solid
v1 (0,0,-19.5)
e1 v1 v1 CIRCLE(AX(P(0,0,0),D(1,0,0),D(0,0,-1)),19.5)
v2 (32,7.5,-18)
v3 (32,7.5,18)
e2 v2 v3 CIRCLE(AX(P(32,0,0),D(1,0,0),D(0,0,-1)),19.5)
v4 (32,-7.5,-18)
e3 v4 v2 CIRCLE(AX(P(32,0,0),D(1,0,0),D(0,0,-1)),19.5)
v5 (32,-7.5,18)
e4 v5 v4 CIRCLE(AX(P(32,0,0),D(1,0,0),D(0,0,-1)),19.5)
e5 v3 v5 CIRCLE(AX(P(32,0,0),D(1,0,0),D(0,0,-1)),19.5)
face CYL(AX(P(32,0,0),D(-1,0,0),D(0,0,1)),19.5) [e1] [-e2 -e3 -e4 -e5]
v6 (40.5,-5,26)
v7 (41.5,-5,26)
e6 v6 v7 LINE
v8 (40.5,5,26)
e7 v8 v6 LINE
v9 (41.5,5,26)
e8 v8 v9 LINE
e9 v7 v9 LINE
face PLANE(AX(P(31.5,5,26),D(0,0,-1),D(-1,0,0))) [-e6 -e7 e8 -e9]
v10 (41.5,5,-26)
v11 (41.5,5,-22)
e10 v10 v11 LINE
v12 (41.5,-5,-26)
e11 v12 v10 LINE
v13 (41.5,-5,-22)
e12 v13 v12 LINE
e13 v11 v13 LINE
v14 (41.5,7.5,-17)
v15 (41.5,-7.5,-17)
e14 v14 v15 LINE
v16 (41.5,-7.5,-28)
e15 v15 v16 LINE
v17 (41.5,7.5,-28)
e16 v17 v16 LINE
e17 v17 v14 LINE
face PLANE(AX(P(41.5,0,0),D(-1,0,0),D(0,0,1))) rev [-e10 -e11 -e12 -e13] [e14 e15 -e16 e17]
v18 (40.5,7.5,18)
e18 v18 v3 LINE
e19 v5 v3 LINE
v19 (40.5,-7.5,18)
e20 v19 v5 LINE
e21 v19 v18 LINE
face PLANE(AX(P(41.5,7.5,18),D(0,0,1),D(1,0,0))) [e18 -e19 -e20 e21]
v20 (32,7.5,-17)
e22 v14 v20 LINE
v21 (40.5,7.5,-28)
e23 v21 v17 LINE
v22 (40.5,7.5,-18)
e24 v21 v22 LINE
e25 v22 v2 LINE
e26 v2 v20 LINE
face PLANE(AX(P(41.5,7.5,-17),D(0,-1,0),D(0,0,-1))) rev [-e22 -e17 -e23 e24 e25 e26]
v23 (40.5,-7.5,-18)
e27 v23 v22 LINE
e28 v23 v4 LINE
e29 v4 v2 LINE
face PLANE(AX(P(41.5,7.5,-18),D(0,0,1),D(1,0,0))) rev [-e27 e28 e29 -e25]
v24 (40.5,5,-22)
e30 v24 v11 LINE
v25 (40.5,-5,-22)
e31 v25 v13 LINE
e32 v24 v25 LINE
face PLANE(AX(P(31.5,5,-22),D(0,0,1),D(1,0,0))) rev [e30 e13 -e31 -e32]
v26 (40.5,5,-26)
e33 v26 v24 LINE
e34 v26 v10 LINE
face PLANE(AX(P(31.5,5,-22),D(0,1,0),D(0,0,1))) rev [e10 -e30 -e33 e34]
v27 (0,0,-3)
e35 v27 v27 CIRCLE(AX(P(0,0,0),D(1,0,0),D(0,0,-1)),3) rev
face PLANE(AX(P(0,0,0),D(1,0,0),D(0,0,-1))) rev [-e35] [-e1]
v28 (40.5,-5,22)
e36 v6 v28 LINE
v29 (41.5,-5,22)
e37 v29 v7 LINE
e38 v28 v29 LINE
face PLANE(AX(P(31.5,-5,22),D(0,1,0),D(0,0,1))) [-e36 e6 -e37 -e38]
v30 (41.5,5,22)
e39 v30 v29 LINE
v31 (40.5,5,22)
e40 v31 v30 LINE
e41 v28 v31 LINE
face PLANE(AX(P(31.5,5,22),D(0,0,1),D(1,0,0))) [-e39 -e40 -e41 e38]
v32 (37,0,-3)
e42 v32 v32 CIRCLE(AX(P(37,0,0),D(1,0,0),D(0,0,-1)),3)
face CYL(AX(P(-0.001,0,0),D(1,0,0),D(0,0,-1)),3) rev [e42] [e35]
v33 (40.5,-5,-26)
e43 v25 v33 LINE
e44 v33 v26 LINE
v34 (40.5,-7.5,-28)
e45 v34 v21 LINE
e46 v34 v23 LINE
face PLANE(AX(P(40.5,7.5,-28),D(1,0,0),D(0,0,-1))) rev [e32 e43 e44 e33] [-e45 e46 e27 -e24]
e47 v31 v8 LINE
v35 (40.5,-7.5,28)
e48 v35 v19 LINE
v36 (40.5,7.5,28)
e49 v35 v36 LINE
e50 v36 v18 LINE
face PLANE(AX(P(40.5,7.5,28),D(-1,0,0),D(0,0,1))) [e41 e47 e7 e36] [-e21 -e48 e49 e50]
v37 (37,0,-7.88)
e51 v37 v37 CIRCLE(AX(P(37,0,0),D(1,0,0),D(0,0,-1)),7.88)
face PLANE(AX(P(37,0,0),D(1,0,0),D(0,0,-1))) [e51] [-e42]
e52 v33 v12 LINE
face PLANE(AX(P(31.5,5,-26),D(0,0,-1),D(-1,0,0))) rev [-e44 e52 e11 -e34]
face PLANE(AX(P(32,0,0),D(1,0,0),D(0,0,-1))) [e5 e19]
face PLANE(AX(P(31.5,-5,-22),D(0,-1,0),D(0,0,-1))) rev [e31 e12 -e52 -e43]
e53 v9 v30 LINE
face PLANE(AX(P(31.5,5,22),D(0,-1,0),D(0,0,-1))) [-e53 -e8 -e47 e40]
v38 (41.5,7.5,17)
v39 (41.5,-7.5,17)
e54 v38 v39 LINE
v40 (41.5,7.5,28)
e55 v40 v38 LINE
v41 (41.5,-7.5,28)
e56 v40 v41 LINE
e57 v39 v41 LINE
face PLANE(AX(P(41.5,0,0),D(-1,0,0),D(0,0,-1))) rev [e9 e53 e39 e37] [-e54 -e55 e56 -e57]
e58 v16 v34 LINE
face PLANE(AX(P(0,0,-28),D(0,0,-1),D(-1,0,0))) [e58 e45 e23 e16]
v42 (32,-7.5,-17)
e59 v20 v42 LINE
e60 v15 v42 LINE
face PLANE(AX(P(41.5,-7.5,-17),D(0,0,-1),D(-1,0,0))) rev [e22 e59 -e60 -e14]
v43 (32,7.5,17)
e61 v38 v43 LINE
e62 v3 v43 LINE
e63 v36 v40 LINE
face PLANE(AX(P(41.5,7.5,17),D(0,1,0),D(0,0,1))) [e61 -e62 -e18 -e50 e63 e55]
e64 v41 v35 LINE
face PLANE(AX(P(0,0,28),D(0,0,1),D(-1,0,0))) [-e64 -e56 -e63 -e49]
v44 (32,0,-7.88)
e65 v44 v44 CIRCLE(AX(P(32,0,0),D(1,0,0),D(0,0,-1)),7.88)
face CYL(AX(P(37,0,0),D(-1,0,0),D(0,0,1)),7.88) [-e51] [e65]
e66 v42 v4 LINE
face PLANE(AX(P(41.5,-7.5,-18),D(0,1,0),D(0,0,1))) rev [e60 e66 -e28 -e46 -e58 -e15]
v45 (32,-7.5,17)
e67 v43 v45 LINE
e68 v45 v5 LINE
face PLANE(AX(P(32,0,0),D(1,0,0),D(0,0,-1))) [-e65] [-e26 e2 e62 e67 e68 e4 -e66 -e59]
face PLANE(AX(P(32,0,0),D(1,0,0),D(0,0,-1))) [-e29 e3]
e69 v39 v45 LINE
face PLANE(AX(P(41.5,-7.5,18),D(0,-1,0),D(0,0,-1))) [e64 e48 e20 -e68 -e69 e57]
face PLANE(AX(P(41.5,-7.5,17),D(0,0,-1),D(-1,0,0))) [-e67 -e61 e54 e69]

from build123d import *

# Parameters (mm, degrees)
SKETCH_1_R          = 19.5
EXTRUDE_1_DEPTH     = 32
SKETCH_2_R          = 7.88
EXTRUDE_2_DEPTH     = 5
CUT_EXTRUDE_1_REACH = 48.147
SKETCH_3_R          = 3
SKETCH_4_W          = 1
SKETCH_4_H          = 15
EXTRUDE_3_DEPTH     = 9.5
SKETCH_6_W          = 1
SKETCH_6_H          = 15
EXTRUDE_4_DEPTH     = 10
SKETCH_7_W          = 4
SKETCH_7_H          = 10
CUT_EXTRUDE_2_DEPTH = 10


with BuildPart() as part:
    # 草图1 → 凸台-拉伸1 (new body)
    with BuildSketch(Plane(origin=(0, 0, 0), x_dir=(0, 0, -1), z_dir=(1, 0, 0))):
        Circle(SKETCH_1_R)
    extrude(amount=EXTRUDE_1_DEPTH)

    # 草图2 → 凸台-拉伸2 (add)
    with BuildSketch(Plane(origin=(32, 0, 0), x_dir=(0, 0, -1), z_dir=(1, 0, 0))):
        Circle(SKETCH_2_R)
    extrude(amount=EXTRUDE_2_DEPTH)

    # 草图3 → 切除-拉伸1 (cut, up to next)
    with BuildSketch(Plane(origin=(37, 0, 0), x_dir=(0, 0, -1), z_dir=(1, 0, 0)), mode=Mode.PRIVATE) as cut_extrude_1_sk1:
        Circle(SKETCH_3_R)
    cut_extrude_1_tool1 = extrude(cut_extrude_1_sk1.sketch, amount=-CUT_EXTRUDE_1_REACH, mode=Mode.PRIVATE) & part.part
    add(cut_extrude_1_tool1.solids().sort_by_distance((37, 0, 0))[0], mode=Mode.SUBTRACT)

    # 草图4 → 凸台-拉伸3 (add)
    with BuildSketch(Plane(origin=(32, 0, 0), x_dir=(0, 0, -1), z_dir=(1, 0, 0))):
        with Locations((17.5, 0)):
            Rectangle(SKETCH_4_W, SKETCH_4_H)
    extrude_3 = extrude(amount=EXTRUDE_3_DEPTH)

    # 草图6 → 凸台-拉伸4 (add)
    with BuildSketch(Plane(origin=(0, 0, -18), x_dir=(-1, 0, 0), z_dir=(0, 0, -1))):
        with Locations((-41, 0)):
            Rectangle(SKETCH_6_W, SKETCH_6_H)
    extrude_4 = extrude(amount=EXTRUDE_4_DEPTH)

    # 草图7 → 切除-拉伸2 (cut)
    with BuildSketch(Plane(origin=(41.5, 0, 0), x_dir=(0, 0, -1), z_dir=(1, 0, 0))):
        with Locations((24, 0)):
            Rectangle(SKETCH_7_W, SKETCH_7_H)
    cut_extrude_2 = extrude(amount=-CUT_EXTRUDE_2_DEPTH, mode=Mode.SUBTRACT)

    # 镜向1: 凸台-拉伸3, 凸台-拉伸4, 切除-拉伸2 across plane
    add(extrude_3.mirror(Plane.XY))
    add(extrude_4.mirror(Plane.XY))
    add(cut_extrude_2.mirror(Plane.XY), mode=Mode.SUBTRACT)


solid = part.part
